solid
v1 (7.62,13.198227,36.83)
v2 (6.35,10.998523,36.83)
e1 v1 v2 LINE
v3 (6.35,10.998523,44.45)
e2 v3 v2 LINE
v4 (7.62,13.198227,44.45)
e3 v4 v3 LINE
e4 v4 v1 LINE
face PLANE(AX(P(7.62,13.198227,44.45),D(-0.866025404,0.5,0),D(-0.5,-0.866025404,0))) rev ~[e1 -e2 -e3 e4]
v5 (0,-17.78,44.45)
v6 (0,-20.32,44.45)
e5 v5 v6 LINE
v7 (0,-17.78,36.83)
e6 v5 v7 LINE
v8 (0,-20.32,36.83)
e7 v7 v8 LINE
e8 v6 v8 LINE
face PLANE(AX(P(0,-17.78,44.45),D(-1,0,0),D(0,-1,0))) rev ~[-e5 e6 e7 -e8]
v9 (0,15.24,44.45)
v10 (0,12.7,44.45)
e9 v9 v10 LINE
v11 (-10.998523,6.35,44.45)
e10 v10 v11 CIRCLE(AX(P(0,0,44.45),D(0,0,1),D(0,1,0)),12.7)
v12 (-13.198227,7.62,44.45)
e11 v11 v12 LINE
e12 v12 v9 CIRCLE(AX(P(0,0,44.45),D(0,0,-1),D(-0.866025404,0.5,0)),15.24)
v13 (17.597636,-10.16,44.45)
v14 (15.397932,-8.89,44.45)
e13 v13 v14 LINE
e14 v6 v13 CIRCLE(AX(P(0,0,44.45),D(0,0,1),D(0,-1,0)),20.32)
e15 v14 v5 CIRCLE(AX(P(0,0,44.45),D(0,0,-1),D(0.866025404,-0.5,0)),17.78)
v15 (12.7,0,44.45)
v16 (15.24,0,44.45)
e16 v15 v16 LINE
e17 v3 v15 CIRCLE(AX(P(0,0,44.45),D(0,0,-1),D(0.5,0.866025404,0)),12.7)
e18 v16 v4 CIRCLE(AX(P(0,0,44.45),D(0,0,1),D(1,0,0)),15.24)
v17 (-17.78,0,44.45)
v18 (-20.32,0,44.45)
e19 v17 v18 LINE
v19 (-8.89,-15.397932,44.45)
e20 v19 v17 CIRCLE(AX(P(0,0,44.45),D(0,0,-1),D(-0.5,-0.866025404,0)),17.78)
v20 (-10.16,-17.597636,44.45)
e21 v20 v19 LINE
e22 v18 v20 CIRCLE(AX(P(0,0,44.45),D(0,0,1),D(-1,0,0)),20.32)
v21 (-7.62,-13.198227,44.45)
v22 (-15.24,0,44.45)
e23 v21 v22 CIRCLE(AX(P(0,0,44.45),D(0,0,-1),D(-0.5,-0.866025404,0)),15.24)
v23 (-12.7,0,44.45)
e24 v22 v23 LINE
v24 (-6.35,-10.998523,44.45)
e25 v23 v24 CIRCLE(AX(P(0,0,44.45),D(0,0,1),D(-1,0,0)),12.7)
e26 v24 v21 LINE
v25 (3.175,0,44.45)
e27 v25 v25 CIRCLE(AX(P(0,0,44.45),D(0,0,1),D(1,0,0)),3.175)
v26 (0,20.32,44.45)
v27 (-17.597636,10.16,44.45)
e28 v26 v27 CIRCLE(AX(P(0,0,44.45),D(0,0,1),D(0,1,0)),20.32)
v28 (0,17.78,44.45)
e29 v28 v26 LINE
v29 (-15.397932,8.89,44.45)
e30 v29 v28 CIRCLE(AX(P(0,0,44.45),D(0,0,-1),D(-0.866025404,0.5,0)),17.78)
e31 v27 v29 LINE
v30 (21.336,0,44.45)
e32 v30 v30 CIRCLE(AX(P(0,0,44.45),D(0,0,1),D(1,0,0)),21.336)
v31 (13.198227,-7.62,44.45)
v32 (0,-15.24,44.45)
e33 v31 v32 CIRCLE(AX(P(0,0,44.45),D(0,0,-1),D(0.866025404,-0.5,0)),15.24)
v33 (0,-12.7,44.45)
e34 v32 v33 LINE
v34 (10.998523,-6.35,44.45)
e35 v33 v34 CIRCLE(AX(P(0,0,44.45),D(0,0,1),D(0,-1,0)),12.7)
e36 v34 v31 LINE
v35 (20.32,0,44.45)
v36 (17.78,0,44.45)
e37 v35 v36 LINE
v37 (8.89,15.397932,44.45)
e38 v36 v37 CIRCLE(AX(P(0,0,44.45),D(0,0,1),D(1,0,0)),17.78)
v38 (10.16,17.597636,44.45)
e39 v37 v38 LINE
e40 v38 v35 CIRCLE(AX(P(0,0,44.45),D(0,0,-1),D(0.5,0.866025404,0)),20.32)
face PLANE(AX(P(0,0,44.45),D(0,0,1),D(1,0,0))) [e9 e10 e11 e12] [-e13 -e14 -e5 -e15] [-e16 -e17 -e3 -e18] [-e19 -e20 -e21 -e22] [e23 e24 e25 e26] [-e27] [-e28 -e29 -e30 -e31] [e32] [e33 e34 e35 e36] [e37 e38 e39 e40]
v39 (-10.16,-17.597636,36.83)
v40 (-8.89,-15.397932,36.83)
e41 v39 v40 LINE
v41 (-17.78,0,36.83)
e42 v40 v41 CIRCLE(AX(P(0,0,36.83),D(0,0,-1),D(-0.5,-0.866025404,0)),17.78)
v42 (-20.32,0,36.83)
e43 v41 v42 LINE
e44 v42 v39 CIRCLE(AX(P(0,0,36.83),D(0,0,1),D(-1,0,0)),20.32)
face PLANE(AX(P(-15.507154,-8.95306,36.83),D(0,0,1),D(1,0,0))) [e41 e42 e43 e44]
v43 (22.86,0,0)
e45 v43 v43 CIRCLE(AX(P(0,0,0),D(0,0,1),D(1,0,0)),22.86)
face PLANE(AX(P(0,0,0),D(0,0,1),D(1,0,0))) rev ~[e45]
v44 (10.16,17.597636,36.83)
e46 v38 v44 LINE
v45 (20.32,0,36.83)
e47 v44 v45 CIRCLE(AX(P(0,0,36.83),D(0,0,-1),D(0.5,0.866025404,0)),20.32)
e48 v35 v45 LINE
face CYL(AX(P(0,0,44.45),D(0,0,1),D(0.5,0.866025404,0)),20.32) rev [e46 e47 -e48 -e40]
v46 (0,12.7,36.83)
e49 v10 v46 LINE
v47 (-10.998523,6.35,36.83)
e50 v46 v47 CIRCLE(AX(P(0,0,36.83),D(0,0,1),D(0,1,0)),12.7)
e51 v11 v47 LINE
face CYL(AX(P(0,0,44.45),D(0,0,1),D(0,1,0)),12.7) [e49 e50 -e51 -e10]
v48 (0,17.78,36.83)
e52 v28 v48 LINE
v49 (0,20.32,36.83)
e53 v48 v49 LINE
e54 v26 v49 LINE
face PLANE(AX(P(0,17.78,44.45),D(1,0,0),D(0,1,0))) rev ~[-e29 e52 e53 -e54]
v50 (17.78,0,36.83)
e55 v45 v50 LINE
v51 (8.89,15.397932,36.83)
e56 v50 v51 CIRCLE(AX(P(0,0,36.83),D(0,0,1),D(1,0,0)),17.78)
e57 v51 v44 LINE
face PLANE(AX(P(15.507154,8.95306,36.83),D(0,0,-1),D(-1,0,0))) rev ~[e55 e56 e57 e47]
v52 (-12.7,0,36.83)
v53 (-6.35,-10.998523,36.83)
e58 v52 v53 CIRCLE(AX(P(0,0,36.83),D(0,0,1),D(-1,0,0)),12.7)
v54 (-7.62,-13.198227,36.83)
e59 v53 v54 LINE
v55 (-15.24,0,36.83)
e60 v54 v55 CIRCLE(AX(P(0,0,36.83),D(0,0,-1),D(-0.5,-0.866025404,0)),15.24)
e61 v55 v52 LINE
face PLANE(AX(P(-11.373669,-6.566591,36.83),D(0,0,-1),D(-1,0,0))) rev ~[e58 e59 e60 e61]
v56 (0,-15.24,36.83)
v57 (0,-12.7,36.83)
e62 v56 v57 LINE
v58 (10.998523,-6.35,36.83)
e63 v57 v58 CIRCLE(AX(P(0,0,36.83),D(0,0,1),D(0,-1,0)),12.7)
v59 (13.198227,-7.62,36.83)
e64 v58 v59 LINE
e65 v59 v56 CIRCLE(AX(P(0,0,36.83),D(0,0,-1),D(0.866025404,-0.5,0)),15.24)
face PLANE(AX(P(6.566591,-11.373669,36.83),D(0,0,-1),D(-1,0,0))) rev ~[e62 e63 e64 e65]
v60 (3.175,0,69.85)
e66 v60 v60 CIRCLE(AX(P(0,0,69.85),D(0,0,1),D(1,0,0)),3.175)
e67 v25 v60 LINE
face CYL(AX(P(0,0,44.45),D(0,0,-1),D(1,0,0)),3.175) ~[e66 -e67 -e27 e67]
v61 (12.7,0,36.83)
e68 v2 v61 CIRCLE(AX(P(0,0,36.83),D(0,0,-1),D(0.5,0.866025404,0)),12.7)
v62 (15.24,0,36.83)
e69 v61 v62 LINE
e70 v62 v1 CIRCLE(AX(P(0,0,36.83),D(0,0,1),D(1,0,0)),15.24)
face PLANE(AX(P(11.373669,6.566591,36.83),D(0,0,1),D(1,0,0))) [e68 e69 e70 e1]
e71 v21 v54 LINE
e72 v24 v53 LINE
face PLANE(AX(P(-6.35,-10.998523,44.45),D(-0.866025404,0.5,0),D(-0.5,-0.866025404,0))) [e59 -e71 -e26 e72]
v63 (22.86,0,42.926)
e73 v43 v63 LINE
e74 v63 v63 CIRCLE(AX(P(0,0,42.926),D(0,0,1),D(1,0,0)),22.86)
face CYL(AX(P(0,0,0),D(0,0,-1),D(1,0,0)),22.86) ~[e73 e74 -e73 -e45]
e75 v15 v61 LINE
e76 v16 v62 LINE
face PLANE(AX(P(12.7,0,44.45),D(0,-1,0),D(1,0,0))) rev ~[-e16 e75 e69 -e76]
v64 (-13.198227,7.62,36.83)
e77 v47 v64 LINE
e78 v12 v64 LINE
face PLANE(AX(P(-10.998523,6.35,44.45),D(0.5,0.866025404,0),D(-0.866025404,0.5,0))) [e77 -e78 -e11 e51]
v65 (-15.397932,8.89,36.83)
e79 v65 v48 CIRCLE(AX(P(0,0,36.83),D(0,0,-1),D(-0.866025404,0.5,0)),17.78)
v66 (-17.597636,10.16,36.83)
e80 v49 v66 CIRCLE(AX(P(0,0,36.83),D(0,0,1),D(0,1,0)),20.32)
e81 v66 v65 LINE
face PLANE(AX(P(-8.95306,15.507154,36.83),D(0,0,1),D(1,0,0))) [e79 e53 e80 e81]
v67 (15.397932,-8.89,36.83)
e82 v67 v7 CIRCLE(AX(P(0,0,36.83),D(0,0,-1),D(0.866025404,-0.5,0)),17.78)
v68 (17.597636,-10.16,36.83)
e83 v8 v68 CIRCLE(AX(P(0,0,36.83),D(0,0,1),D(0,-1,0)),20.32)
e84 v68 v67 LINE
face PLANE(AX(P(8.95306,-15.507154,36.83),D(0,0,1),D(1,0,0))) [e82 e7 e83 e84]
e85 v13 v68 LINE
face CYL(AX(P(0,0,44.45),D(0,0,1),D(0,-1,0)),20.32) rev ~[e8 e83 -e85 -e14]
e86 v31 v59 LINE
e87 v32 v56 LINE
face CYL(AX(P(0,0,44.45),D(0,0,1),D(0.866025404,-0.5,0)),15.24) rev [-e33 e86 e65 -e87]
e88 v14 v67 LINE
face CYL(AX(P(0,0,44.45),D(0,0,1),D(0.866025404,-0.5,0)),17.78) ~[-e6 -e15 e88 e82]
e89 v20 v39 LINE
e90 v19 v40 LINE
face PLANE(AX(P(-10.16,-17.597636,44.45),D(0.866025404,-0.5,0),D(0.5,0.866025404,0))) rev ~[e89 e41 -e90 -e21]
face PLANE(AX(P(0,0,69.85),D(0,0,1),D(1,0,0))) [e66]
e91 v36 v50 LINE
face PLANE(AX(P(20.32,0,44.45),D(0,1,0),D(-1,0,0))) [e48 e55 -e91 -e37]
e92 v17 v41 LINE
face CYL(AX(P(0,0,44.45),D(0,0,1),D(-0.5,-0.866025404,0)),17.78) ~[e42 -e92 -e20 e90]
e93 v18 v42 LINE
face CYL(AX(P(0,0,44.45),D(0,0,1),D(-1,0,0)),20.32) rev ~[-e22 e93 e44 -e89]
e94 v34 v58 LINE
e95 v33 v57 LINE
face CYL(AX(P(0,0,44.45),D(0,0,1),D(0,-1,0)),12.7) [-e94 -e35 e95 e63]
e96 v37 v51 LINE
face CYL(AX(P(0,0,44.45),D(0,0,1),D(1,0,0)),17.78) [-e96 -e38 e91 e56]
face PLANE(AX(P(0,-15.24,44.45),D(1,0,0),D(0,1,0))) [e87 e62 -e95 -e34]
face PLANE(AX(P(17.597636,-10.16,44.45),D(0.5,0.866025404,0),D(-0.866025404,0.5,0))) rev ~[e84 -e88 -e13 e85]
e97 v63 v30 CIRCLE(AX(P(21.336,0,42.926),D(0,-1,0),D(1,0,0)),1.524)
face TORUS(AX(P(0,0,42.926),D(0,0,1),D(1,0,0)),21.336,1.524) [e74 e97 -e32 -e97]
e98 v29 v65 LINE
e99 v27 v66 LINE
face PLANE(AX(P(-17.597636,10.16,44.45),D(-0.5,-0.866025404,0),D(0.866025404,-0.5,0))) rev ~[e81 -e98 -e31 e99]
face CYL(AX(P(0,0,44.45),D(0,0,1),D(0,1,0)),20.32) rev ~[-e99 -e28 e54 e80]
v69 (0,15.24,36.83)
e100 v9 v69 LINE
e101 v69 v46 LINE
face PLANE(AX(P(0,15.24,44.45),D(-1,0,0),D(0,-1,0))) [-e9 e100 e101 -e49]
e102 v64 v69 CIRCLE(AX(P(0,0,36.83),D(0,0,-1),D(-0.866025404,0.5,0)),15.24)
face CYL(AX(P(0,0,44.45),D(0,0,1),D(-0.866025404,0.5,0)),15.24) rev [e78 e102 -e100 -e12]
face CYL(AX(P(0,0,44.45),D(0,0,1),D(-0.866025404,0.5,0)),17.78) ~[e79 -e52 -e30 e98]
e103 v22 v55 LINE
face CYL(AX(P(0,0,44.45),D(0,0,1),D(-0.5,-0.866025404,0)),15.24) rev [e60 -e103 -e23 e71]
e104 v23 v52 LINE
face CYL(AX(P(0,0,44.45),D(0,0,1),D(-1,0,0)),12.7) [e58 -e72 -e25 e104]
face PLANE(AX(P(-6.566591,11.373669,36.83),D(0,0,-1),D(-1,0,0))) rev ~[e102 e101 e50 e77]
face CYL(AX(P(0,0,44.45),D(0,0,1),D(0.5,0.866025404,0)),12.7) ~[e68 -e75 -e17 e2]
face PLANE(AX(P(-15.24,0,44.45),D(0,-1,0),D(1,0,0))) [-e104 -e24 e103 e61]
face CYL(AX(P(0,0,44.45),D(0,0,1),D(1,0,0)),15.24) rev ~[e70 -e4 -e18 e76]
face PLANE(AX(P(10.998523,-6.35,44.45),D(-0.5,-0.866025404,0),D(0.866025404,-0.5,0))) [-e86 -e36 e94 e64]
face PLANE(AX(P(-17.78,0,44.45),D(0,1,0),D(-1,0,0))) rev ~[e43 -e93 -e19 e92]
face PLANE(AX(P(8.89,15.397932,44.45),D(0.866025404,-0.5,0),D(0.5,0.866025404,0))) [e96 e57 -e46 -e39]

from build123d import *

# Parameters (mm, degrees)
IZIM1_R                     = 22.86
Y_KSEKLIK_EKSTR_ZYON1_DEPTH = 44.45
IZIM2_R                     = 3.175
Y_KSEKLIK_EKSTR_ZYON2_DEPTH = 25.4
KES_EKSTR_ZYON1_DEPTH       = 7.62
RADYUS1_R                   = 1.524


with BuildPart() as part:
    # Çizim1 → Yükseklik-Ekstrüzyon1 (new body)
    with BuildSketch(Plane.XY):
        Circle(IZIM1_R)
    extrude(amount=Y_KSEKLIK_EKSTR_ZYON1_DEPTH)

    # Çizim2 → Yükseklik-Ekstrüzyon2 (add)
    with BuildSketch(Plane.XY.offset(44.45)):
        Circle(IZIM2_R)
    extrude(amount=Y_KSEKLIK_EKSTR_ZYON2_DEPTH)

    # Çizim3 → Kes-Ekstrüzyon1 (cut)
    with BuildSketch(Plane.XY.offset(44.45)):
        with BuildLine():
            Line((12.7, 0), (15.24, 0))
            ThreePointArc((15.24, 0), (13.198227154, 7.62), (7.62, 13.198227154))
            Line((7.62, 13.198227154), (6.35, 10.998522628))
            ThreePointArc((6.35, 10.998522628), (10.998522628, 6.35), (12.7, 0))
        make_face()
        with BuildLine():
            Line((8.89, 15.397931679), (10.16, 17.597636205))
            ThreePointArc((10.16, 17.597636205), (17.597636205, 10.16), (20.32, 0))
            Line((20.32, 0), (17.78, 0))
            ThreePointArc((17.78, 0), (15.397931679, 8.89), (8.89, 15.397931679))
        make_face()
        with BuildLine():
            Line((10.998522628, -6.35), (13.198227154, -7.62))
            ThreePointArc((13.198227154, -7.62), (7.62, -13.198227154), (0, -15.24))
            Line((0, -15.24), (0, -12.7))
            ThreePointArc((0, -12.7), (6.35, -10.998522628), (10.998522628, -6.35))
        make_face()
        with BuildLine():
            Line((0, -17.78), (0, -20.32))
            ThreePointArc((0, -20.32), (10.16, -17.597636205), (17.597636205, -10.16))
            Line((17.597636205, -10.16), (15.397931679, -8.89))
            ThreePointArc((15.397931679, -8.89), (8.89, -15.397931679), (0, -17.78))
        make_face()
        with BuildLine():
            Line((-6.35, -10.998522628), (-7.62, -13.198227154))
            ThreePointArc((-7.62, -13.198227154), (-13.198227154, -7.62), (-15.24, 0))
            Line((-15.24, 0), (-12.7, 0))
            ThreePointArc((-12.7, 0), (-10.998522628, -6.35), (-6.35, -10.998522628))
        make_face()
        with BuildLine():
            Line((-17.78, 0), (-20.32, 0))
            ThreePointArc((-20.32, 0), (-17.597636205, -10.16), (-10.16, -17.597636205))
            Line((-10.16, -17.597636205), (-8.89, -15.397931679))
            ThreePointArc((-8.89, -15.397931679), (-15.397931679, -8.89), (-17.78, 0))
        make_face()
        with BuildLine():
            Line((-10.998522628, 6.35), (-13.198227154, 7.62))
            ThreePointArc((-13.198227154, 7.62), (-7.62, 13.198227154), (0, 15.24))
            Line((0, 15.24), (0, 12.7))
            ThreePointArc((0, 12.7), (-6.35, 10.998522628), (-10.998522628, 6.35))
        make_face()
        with BuildLine():
            Line((0, 17.78), (0, 20.32))
            ThreePointArc((0, 20.32), (-10.16, 17.597636205), (-17.597636205, 10.16))
            Line((-17.597636205, 10.16), (-15.397931679, 8.89))
            ThreePointArc((-15.397931679, 8.89), (-8.89, 15.397931679), (0, 17.78))
        make_face()
    extrude(amount=-KES_EKSTR_ZYON1_DEPTH, mode=Mode.SUBTRACT)

    # Radyus1
    radyus1_edges = [part.edges().sort_by_distance(p)[0] for p in [
        (-22.86, 0, 44.45),
    ]]
    fillet(radyus1_edges, radius=RADYUS1_R)


solid = part.part
